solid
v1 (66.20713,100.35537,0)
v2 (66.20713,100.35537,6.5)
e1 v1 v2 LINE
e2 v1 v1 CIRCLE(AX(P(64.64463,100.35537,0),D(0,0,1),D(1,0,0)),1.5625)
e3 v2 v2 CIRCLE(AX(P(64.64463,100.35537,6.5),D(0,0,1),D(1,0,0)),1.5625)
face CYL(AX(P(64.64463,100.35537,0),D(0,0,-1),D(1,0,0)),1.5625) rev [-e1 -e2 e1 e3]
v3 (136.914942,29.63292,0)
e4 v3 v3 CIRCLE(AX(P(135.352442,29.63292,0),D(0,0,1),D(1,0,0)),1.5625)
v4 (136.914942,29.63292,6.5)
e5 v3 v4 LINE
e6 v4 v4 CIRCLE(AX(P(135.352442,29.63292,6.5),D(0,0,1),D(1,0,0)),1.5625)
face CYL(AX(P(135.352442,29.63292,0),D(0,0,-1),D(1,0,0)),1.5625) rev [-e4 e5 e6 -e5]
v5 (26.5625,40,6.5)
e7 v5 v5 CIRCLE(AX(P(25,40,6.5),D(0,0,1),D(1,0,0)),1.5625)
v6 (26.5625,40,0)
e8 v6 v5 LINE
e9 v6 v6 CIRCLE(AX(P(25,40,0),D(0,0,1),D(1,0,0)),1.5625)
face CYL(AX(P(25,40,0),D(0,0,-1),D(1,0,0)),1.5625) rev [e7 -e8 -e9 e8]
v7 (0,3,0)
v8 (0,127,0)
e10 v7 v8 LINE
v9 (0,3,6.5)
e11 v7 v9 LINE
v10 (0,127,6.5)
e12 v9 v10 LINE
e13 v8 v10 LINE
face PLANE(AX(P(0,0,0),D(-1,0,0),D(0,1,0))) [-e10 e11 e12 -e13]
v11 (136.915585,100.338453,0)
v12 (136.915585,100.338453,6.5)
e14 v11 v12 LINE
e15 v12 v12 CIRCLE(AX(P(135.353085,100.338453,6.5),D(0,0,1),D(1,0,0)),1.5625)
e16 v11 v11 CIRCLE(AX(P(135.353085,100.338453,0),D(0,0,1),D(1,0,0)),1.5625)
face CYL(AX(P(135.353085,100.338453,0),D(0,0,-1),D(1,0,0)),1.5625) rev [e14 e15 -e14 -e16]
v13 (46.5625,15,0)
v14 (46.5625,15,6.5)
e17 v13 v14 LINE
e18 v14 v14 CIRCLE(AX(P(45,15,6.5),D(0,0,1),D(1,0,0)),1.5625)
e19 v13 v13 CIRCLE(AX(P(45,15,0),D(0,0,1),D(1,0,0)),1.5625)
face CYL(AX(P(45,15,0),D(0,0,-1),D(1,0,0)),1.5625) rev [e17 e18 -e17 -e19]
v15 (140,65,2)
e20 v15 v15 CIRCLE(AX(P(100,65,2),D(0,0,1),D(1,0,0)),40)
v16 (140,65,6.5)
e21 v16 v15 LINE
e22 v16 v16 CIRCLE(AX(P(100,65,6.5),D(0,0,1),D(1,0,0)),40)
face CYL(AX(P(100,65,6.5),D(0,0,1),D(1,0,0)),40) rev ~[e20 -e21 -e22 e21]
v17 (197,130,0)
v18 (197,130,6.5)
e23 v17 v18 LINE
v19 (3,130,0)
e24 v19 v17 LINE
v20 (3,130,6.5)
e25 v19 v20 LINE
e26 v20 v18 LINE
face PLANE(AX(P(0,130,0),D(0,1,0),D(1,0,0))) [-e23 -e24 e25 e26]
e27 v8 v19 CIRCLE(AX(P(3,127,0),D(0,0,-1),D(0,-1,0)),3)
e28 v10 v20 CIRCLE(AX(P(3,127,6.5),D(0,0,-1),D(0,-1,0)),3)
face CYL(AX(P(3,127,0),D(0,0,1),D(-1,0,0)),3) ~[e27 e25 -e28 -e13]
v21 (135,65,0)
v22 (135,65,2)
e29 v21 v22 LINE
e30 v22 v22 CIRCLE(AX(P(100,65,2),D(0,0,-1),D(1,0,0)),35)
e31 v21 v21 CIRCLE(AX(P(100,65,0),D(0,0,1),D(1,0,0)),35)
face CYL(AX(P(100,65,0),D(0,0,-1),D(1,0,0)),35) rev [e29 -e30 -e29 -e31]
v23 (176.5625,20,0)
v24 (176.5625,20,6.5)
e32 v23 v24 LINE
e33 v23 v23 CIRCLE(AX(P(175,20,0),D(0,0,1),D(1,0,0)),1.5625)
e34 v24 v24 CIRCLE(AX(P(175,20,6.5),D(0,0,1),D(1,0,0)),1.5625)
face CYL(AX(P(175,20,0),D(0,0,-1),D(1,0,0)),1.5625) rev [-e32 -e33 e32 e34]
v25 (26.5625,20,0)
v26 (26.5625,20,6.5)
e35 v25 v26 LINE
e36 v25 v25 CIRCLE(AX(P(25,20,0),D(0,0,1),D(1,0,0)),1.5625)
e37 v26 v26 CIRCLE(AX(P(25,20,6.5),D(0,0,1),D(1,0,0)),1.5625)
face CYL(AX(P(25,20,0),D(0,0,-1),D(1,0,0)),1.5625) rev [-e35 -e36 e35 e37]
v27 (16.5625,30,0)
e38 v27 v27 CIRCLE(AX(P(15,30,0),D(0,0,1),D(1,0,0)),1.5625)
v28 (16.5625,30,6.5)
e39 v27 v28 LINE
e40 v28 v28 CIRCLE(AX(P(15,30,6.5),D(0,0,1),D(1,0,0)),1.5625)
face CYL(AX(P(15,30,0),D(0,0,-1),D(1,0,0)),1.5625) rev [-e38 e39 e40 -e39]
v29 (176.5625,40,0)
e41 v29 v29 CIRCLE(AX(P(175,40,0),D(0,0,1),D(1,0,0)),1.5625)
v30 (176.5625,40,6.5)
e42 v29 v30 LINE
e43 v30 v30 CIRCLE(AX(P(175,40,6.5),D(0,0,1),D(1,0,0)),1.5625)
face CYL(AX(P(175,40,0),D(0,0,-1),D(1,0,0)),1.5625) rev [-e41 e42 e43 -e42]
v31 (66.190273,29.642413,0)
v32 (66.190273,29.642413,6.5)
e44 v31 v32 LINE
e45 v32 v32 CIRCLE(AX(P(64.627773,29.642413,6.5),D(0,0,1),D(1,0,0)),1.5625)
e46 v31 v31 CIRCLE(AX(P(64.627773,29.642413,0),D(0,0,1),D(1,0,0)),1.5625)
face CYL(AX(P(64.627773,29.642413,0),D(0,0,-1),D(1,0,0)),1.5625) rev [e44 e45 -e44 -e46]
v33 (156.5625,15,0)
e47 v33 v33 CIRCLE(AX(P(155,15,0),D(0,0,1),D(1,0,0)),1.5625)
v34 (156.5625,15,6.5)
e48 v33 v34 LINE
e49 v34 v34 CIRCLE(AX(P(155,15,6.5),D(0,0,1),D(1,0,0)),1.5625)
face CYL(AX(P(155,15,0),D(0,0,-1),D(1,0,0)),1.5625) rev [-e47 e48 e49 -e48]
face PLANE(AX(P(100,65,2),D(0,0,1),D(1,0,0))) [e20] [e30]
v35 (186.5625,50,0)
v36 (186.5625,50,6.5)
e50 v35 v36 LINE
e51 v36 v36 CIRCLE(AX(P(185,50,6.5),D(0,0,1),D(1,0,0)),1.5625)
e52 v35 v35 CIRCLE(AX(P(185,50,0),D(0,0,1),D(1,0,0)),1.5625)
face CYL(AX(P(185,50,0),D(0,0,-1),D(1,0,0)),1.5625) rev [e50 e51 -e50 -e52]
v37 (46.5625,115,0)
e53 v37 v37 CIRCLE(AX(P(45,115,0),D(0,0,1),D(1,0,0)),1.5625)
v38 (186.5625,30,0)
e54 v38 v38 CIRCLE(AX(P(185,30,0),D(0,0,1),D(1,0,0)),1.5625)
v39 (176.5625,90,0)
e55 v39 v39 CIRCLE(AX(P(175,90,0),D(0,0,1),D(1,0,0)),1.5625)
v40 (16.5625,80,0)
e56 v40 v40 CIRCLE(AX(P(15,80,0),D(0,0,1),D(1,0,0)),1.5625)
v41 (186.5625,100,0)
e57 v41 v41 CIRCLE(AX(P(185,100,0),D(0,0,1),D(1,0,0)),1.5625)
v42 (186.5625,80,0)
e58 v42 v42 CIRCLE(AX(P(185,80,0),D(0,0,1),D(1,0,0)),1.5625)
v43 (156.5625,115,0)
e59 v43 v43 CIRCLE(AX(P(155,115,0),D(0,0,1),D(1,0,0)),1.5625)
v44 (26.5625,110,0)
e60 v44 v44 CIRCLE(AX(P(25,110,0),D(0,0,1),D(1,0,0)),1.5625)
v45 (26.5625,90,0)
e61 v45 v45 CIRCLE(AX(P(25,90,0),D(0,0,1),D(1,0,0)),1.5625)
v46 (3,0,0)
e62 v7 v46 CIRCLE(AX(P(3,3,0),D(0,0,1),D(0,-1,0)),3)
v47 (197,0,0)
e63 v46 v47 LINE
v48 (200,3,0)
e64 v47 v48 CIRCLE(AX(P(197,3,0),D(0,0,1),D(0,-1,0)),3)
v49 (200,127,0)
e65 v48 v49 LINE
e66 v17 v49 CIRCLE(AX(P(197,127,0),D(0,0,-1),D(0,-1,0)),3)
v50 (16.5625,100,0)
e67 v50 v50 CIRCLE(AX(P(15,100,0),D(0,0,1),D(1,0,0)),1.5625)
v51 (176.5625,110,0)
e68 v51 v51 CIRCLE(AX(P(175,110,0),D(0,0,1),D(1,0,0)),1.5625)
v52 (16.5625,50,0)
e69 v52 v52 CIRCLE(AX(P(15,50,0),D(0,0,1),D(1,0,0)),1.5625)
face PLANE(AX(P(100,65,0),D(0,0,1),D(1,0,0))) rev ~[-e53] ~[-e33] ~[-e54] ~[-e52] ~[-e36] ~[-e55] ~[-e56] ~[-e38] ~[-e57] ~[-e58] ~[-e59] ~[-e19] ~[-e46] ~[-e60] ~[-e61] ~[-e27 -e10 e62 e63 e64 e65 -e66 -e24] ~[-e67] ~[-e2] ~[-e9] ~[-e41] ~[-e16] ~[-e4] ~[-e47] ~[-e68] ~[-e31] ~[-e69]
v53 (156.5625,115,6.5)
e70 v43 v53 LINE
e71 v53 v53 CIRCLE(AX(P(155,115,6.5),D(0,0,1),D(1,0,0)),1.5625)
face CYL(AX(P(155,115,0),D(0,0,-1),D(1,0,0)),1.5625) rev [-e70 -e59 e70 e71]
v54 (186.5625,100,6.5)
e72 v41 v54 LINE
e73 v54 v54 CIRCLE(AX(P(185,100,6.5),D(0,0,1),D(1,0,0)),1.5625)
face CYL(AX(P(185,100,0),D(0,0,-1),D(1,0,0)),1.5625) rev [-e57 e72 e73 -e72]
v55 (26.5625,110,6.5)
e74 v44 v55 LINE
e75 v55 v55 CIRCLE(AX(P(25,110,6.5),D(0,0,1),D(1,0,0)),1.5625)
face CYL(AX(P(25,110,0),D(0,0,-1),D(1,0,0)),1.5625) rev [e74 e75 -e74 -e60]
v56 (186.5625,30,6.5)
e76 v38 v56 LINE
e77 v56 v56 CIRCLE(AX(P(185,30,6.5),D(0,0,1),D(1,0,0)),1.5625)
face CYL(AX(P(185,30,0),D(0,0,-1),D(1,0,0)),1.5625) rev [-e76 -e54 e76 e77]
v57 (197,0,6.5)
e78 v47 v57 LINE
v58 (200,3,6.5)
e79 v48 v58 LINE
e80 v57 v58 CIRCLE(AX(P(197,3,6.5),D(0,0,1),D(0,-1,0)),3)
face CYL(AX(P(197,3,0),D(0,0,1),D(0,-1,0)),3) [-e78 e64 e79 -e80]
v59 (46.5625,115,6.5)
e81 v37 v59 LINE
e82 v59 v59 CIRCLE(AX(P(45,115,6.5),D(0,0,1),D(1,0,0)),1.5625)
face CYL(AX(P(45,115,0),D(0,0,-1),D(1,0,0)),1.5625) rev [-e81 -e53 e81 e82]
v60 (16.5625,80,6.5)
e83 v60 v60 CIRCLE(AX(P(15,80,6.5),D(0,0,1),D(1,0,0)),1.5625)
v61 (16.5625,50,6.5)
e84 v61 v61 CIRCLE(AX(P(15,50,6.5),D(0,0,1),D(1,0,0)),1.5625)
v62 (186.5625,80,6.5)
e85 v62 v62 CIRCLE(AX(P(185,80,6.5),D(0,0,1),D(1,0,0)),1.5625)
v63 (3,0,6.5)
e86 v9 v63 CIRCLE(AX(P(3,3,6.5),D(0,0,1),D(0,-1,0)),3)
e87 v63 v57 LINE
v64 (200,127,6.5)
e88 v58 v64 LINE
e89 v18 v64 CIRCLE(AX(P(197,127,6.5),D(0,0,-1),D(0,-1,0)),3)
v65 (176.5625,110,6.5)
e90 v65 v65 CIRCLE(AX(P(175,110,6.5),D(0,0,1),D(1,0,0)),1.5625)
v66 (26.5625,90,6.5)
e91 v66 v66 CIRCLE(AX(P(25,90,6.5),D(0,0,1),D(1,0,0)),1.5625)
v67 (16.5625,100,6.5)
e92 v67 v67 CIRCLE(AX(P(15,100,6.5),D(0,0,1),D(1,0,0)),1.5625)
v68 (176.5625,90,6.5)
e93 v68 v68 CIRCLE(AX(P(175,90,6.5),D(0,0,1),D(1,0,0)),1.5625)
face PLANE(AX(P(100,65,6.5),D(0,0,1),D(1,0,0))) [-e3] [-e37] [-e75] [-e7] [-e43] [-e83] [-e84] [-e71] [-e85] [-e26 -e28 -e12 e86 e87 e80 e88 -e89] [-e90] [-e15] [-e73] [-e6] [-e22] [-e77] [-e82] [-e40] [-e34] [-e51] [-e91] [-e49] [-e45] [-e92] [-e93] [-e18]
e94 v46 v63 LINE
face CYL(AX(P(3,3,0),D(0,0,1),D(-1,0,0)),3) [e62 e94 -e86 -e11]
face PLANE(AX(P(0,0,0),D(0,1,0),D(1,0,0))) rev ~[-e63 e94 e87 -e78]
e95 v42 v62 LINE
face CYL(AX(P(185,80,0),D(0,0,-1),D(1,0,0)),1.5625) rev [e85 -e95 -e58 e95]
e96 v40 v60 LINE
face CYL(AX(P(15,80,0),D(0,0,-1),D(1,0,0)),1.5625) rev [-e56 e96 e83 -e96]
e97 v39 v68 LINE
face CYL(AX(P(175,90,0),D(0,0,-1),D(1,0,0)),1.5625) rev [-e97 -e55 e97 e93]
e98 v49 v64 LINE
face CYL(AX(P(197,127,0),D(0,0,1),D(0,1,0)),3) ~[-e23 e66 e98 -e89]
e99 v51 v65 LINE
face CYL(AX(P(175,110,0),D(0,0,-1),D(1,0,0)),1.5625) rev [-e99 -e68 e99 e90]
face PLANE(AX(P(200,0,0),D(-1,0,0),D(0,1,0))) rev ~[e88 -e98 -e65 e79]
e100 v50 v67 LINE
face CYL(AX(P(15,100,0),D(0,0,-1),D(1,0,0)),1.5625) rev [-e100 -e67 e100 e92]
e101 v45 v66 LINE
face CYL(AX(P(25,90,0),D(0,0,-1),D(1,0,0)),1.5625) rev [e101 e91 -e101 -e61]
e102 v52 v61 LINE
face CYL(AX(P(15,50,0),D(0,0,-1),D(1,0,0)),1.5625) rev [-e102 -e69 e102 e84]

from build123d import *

# Parameters (mm, degrees)
SKETCH_W     = 200
SKETCH_H     = 130
SKETCH_R     = 35
SKETCH_R_2   = 1.5625
PAD_DEPTH    = 6.5
SKETCH001_R  = 40
POCKET_DEPTH = 4.5
FILLET_R     = 3


with BuildPart() as part:
    # Sketch → Pad (new body)
    with BuildSketch(Plane.XY):
        with Locations((100, 65)):
            Rectangle(SKETCH_W, SKETCH_H)
        with Locations((100, 65)):
            Circle(SKETCH_R, mode=Mode.SUBTRACT)
        with Locations((45, 115)):
            Circle(SKETCH_R_2, mode=Mode.SUBTRACT)
        with Locations((45, 15)):
            Circle(SKETCH_R_2, mode=Mode.SUBTRACT)
        with Locations((155, 115)):
            Circle(SKETCH_R_2, mode=Mode.SUBTRACT)
        with Locations((155, 15)):
            Circle(SKETCH_R_2, mode=Mode.SUBTRACT)
        with Locations((185, 30)):
            Circle(SKETCH_R_2, mode=Mode.SUBTRACT)
        with Locations((135.353085, 100.338453)):
            Circle(SKETCH_R_2, mode=Mode.SUBTRACT)
        with Locations((64.627773, 29.642413)):
            Circle(SKETCH_R_2, mode=Mode.SUBTRACT)
        with Locations((64.64463, 100.35537)):
            Circle(SKETCH_R_2, mode=Mode.SUBTRACT)
        with Locations((135.352442, 29.63292)):
            Circle(SKETCH_R_2, mode=Mode.SUBTRACT)
        with Locations((175, 20)):
            Circle(SKETCH_R_2, mode=Mode.SUBTRACT)
        with Locations((175, 40)):
            Circle(SKETCH_R_2, mode=Mode.SUBTRACT)
        with Locations((185, 50)):
            Circle(SKETCH_R_2, mode=Mode.SUBTRACT)
        with Locations((175, 90)):
            Circle(SKETCH_R_2, mode=Mode.SUBTRACT)
        with Locations((175, 110)):
            Circle(SKETCH_R_2, mode=Mode.SUBTRACT)
        with Locations((185, 80)):
            Circle(SKETCH_R_2, mode=Mode.SUBTRACT)
        with Locations((185, 100)):
            Circle(SKETCH_R_2, mode=Mode.SUBTRACT)
        with Locations((15, 30)):
            Circle(SKETCH_R_2, mode=Mode.SUBTRACT)
        with Locations((25, 20)):
            Circle(SKETCH_R_2, mode=Mode.SUBTRACT)
        with Locations((25, 40)):
            Circle(SKETCH_R_2, mode=Mode.SUBTRACT)
        with Locations((15, 50)):
            Circle(SKETCH_R_2, mode=Mode.SUBTRACT)
        with Locations((25, 90)):
            Circle(SKETCH_R_2, mode=Mode.SUBTRACT)
        with Locations((25, 110)):
            Circle(SKETCH_R_2, mode=Mode.SUBTRACT)
        with Locations((15, 80)):
            Circle(SKETCH_R_2, mode=Mode.SUBTRACT)
        with Locations((15, 100)):
            Circle(SKETCH_R_2, mode=Mode.SUBTRACT)
    extrude(amount=PAD_DEPTH)

    # Sketch001 (on Face31 of Pad) → Pocket (cut)
    with BuildSketch(Plane.XY.offset(6.5)):
        with Locations((100, 65)):
            Circle(SKETCH001_R)
    extrude(amount=-POCKET_DEPTH, mode=Mode.SUBTRACT)

    # Fillet
    fillet_edges = [part.edges().sort_by_distance(p)[0] for p in [
        (200, 0, 3.25),
        (200, 130, 3.25),
        (0, 0, 3.25),
        (0, 130, 3.25),
    ]]
    fillet(fillet_edges, radius=FILLET_R)


solid = part.part
